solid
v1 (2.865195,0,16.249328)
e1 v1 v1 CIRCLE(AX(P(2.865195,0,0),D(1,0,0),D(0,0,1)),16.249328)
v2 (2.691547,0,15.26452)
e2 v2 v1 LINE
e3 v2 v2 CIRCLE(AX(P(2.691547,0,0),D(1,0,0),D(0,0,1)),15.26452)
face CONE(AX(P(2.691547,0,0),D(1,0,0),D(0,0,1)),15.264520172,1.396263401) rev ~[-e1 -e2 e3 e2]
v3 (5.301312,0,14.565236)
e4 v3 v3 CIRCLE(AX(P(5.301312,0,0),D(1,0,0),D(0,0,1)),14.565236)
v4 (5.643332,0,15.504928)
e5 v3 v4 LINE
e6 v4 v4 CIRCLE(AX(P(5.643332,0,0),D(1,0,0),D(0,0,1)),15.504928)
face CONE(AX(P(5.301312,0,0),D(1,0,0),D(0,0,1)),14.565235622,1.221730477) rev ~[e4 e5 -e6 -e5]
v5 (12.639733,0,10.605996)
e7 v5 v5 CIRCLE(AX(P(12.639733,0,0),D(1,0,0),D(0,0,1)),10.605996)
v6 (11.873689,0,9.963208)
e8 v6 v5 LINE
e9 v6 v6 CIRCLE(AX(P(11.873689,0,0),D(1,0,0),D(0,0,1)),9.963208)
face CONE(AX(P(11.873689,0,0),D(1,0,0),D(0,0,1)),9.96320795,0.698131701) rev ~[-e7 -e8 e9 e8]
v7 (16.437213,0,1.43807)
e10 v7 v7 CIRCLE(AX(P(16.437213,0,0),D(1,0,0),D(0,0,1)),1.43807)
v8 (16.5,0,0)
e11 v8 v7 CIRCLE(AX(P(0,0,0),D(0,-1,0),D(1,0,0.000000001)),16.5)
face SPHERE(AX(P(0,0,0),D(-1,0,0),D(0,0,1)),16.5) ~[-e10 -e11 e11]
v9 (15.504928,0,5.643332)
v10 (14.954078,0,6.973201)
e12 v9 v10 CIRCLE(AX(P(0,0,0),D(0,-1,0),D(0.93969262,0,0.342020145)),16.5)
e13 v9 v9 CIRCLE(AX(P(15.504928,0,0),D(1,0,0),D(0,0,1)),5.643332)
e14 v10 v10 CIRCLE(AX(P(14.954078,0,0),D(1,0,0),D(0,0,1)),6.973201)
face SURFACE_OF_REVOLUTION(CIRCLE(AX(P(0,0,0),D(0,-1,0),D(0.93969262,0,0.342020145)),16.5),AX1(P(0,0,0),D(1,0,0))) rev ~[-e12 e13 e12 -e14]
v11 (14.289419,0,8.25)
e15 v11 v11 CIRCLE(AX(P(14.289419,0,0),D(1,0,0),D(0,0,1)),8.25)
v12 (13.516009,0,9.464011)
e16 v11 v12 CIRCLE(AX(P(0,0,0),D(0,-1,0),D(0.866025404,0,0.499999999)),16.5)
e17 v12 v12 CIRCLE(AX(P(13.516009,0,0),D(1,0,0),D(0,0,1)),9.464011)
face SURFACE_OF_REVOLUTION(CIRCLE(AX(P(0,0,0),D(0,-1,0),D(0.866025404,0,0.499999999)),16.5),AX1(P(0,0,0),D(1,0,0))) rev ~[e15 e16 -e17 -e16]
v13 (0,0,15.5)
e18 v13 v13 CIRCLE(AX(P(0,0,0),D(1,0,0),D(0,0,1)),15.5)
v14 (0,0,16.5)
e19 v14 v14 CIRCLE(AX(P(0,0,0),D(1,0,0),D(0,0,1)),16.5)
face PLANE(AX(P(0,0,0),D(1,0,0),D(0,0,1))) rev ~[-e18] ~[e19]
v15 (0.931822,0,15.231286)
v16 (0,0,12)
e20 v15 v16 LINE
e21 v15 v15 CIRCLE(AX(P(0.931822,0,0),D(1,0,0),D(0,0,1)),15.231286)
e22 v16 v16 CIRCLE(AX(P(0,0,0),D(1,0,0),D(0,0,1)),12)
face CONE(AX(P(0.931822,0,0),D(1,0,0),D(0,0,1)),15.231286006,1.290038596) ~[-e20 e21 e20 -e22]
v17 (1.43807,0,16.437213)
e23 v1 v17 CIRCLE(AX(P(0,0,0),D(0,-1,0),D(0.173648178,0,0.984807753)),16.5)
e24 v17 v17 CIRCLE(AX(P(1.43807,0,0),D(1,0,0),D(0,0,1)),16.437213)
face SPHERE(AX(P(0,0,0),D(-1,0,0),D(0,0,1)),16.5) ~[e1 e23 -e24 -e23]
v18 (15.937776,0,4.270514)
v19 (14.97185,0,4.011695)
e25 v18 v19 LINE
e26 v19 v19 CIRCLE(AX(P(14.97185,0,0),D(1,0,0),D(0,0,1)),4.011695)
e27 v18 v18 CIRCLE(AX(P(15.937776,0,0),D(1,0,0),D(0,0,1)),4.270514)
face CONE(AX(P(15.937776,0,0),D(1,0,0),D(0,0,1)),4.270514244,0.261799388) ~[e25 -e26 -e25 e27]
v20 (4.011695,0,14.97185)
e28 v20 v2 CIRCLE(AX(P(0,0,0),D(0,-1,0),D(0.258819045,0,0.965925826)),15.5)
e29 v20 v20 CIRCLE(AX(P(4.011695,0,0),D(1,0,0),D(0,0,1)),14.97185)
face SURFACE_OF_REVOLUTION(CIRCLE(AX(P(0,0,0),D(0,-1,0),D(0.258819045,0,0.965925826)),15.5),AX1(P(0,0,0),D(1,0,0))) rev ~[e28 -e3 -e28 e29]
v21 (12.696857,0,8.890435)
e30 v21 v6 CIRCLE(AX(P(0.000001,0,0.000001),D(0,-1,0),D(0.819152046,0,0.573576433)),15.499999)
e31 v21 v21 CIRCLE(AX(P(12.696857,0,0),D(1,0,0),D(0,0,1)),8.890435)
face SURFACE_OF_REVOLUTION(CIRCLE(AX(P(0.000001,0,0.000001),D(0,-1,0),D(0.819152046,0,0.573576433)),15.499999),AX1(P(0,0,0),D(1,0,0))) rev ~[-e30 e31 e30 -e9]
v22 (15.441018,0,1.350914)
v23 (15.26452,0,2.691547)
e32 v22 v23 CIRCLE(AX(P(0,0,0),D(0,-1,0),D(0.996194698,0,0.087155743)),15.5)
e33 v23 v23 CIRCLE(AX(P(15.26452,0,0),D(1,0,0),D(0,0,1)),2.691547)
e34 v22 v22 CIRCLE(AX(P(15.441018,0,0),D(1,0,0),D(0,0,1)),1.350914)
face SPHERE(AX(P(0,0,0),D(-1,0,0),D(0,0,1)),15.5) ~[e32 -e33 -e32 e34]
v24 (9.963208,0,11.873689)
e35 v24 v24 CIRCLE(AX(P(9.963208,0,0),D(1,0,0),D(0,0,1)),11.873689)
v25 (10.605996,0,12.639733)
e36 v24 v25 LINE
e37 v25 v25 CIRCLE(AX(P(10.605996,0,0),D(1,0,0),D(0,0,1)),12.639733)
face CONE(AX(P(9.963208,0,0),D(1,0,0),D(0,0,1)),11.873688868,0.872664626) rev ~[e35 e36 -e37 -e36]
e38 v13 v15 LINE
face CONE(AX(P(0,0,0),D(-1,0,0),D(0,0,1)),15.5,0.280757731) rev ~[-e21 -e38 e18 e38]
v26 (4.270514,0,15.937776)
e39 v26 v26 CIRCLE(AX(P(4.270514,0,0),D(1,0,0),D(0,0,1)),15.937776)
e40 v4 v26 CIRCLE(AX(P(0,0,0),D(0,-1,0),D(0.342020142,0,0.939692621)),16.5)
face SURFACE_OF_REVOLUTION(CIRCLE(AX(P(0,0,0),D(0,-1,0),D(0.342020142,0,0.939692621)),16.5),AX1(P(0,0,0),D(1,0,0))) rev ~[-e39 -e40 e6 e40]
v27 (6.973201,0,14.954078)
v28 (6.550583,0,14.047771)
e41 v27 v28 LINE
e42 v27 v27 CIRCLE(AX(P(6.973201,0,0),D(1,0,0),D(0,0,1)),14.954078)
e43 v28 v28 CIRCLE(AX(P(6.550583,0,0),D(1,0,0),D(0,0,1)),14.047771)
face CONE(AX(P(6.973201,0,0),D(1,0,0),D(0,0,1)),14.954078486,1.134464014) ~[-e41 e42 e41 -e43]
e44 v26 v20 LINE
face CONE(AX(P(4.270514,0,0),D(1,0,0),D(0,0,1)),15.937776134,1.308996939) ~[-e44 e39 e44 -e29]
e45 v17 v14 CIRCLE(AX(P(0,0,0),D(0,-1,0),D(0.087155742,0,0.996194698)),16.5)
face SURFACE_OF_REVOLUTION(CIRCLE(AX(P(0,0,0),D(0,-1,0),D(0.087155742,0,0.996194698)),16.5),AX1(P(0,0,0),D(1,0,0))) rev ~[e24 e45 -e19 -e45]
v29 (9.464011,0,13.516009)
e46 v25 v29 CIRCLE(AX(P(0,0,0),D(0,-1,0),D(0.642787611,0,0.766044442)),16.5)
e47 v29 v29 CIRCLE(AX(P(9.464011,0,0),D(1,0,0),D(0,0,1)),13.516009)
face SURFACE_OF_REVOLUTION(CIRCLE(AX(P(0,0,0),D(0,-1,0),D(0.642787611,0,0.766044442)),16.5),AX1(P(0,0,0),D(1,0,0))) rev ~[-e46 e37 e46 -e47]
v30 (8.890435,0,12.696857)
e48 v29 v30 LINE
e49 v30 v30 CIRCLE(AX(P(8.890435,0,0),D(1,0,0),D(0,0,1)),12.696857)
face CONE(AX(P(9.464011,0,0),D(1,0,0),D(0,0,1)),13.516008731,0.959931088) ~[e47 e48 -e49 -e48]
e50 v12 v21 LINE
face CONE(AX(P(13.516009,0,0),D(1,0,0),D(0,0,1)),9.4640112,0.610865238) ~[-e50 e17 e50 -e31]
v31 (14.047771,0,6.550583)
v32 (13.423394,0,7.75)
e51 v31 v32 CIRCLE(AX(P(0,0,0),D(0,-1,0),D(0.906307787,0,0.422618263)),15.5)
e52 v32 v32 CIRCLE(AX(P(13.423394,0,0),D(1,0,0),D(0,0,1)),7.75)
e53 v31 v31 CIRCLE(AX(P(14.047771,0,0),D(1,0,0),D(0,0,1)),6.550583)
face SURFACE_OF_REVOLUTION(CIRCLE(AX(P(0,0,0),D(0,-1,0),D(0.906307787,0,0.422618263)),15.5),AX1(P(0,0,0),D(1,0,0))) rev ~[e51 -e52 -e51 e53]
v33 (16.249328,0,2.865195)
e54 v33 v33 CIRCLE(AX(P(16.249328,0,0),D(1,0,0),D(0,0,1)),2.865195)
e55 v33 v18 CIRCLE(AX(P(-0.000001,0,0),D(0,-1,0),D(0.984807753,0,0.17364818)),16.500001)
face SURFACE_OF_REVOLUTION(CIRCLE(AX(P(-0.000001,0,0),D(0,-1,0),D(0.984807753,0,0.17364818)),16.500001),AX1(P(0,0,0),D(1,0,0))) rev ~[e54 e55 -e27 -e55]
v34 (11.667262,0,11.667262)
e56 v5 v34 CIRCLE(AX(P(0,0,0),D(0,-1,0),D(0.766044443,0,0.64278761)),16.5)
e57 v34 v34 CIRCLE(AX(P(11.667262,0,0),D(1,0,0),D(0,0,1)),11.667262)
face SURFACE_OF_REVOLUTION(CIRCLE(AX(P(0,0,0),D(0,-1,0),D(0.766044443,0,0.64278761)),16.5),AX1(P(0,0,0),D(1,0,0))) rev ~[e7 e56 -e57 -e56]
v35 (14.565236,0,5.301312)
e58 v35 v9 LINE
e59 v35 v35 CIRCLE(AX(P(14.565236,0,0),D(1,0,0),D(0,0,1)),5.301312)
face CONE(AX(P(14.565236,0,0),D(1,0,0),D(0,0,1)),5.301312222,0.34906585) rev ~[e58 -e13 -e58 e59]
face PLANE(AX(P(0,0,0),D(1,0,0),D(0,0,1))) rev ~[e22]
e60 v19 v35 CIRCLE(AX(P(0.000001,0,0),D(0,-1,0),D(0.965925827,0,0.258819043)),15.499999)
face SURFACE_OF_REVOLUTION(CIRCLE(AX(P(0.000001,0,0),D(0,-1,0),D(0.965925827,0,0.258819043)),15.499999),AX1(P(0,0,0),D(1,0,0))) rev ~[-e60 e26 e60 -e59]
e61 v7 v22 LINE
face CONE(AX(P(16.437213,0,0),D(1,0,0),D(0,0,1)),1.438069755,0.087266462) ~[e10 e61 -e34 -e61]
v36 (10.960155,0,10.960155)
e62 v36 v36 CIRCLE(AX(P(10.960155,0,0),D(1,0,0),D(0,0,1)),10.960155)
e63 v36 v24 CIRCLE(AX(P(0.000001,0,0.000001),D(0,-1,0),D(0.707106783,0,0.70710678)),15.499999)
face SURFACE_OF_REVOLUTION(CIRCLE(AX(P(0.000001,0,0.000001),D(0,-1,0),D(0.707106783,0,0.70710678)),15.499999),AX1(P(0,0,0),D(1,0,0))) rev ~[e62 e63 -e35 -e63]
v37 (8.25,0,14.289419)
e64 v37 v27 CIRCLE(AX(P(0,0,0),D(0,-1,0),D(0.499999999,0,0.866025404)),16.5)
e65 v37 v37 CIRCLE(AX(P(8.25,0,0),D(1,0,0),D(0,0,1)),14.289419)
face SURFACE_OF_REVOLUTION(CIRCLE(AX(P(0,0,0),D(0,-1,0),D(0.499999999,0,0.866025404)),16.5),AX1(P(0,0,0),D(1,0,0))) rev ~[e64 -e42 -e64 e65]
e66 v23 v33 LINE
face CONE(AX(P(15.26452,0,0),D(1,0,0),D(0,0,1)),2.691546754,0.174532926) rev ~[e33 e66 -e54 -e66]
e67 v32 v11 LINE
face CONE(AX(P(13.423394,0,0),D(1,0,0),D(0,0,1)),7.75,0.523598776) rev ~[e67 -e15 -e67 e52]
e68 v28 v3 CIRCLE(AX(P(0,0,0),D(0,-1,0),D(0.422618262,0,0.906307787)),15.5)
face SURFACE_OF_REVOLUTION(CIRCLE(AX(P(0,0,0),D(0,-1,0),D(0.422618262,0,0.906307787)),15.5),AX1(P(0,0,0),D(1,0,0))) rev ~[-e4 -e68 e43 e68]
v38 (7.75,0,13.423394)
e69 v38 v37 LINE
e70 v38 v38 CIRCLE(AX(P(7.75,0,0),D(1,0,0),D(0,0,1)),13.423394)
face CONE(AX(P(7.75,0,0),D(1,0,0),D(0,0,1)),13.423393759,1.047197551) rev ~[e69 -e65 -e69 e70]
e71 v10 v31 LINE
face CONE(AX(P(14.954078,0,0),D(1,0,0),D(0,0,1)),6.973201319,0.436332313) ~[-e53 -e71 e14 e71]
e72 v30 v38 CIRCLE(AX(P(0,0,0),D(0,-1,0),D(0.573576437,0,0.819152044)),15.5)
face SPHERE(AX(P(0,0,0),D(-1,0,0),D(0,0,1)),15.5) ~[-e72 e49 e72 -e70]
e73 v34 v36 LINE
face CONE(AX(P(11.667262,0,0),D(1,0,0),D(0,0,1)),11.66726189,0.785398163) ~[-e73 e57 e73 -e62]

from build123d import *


with BuildPart() as part:
    # 草图1 → 旋转2 (revolve)
    with BuildSketch(Plane(origin=(0, 0, 0), x_dir=(1, 0, 0), z_dir=(0, 1, 0))):
        with BuildLine():
            Line((0, 0), (16.5, 0))
            ThreePointArc((16.5, 0), (16.484295656, -0.719719892), (16.437212519, -1.438069755))
            Line((16.437212519, -1.438069755), (15.44101782, -1.350914013))
            ThreePointArc((15.44101782, -1.350914013), (15.367395351, -2.023155979), (15.264520172, -2.691546754))
            Line((15.264520172, -2.691546754), (16.249327925, -2.865194932))
            ThreePointArc((16.249327925, -2.865194932), (16.108884117, -3.57125363), (15.937776134, -4.270514244))
            Line((15.937776134, -4.270514244), (14.971850307, -4.011695199))
            ThreePointArc((14.971850307, -4.011695199), (14.782612737, -4.660939892), (14.565235622, -5.301312222))
            Line((14.565235622, -5.301312222), (15.504928243, -5.643332365))
            ThreePointArc((15.504928243, -5.643332365), (15.244012286, -6.314276634), (14.954078486, -6.973201319))
            Line((14.954078486, -6.973201319), (14.047770699, -6.550583057))
            ThreePointArc((14.047770699, -6.550583057), (13.748667914, -7.157103505), (13.423393759, -7.75))
            Line((13.423393759, -7.75), (14.289419162, -8.25))
            ThreePointArc((14.289419162, -8.25), (13.915958856, -8.865443538), (13.516008731, -9.4640112))
            Line((13.516008731, -9.4640112), (12.696856686, -8.890434763))
            ThreePointArc((12.696856686, -8.890434763), (12.296976775, -9.43580215), (11.873688868, -9.96320795))
            Line((11.873688868, -9.96320795), (12.639733311, -10.60599556))
            ThreePointArc((12.639733311, -10.60599556), (12.165076057, -11.147238426), (11.66726189, -11.66726189))
            Line((11.66726189, -11.66726189), (10.960155108, -10.960155108))
            ThreePointArc((10.960155108, -10.960155108), (10.471648218, -11.427798721), (9.96320795, -11.873688868))
            Line((9.96320795, -11.873688868), (10.60599556, -12.639733311))
            ThreePointArc((10.60599556, -12.639733311), (10.044563579, -13.090330115), (9.4640112, -13.516008731))
            Line((9.4640112, -13.516008731), (8.890434763, -12.696856686))
            ThreePointArc((8.890434763, -12.696856686), (8.328143929, -13.07256741), (7.75, -13.423393759))
            Line((7.75, -13.423393759), (8.25, -14.289419162))
            ThreePointArc((8.25, -14.289419162), (7.618852118, -14.635678747), (6.973201319, -14.954078486))
            Line((6.973201319, -14.954078486), (6.550583057, -14.047770699))
            ThreePointArc((6.550583057, -14.047770699), (5.931593202, -14.320132754), (5.301312222, -14.565235622))
            Line((5.301312222, -14.565235622), (5.643332365, -15.504928243))
            ThreePointArc((5.643332365, -15.504928243), (4.961645692, -15.736329687), (4.270514244, -15.937776134))
            Line((4.270514244, -15.937776134), (4.011695199, -14.971850307))
            ThreePointArc((4.011695199, -14.971850307), (3.354814016, -15.13258811), (2.691546754, -15.264520172))
            Line((2.691546754, -15.264520172), (2.865194932, -16.249327925))
            ThreePointArc((2.865194932, -16.249327925), (2.153682172, -16.358840213), (1.438069755, -16.437212519))
            ThreePointArc((1.438069755, -16.437212519), (0.719719892, -16.484295656), (0, -16.5))
            Line((0, -16.5), (0, -15.5))
            Line((0, -15.5), (0.931821747, -15.231286006))
            Line((0.931821747, -15.231286006), (0, -12))
            Line((0, -12), (0, 0))
        make_face()
    revolve(axis=Axis((0, 0, 0), (1, 0, 0)))


solid = part.part
